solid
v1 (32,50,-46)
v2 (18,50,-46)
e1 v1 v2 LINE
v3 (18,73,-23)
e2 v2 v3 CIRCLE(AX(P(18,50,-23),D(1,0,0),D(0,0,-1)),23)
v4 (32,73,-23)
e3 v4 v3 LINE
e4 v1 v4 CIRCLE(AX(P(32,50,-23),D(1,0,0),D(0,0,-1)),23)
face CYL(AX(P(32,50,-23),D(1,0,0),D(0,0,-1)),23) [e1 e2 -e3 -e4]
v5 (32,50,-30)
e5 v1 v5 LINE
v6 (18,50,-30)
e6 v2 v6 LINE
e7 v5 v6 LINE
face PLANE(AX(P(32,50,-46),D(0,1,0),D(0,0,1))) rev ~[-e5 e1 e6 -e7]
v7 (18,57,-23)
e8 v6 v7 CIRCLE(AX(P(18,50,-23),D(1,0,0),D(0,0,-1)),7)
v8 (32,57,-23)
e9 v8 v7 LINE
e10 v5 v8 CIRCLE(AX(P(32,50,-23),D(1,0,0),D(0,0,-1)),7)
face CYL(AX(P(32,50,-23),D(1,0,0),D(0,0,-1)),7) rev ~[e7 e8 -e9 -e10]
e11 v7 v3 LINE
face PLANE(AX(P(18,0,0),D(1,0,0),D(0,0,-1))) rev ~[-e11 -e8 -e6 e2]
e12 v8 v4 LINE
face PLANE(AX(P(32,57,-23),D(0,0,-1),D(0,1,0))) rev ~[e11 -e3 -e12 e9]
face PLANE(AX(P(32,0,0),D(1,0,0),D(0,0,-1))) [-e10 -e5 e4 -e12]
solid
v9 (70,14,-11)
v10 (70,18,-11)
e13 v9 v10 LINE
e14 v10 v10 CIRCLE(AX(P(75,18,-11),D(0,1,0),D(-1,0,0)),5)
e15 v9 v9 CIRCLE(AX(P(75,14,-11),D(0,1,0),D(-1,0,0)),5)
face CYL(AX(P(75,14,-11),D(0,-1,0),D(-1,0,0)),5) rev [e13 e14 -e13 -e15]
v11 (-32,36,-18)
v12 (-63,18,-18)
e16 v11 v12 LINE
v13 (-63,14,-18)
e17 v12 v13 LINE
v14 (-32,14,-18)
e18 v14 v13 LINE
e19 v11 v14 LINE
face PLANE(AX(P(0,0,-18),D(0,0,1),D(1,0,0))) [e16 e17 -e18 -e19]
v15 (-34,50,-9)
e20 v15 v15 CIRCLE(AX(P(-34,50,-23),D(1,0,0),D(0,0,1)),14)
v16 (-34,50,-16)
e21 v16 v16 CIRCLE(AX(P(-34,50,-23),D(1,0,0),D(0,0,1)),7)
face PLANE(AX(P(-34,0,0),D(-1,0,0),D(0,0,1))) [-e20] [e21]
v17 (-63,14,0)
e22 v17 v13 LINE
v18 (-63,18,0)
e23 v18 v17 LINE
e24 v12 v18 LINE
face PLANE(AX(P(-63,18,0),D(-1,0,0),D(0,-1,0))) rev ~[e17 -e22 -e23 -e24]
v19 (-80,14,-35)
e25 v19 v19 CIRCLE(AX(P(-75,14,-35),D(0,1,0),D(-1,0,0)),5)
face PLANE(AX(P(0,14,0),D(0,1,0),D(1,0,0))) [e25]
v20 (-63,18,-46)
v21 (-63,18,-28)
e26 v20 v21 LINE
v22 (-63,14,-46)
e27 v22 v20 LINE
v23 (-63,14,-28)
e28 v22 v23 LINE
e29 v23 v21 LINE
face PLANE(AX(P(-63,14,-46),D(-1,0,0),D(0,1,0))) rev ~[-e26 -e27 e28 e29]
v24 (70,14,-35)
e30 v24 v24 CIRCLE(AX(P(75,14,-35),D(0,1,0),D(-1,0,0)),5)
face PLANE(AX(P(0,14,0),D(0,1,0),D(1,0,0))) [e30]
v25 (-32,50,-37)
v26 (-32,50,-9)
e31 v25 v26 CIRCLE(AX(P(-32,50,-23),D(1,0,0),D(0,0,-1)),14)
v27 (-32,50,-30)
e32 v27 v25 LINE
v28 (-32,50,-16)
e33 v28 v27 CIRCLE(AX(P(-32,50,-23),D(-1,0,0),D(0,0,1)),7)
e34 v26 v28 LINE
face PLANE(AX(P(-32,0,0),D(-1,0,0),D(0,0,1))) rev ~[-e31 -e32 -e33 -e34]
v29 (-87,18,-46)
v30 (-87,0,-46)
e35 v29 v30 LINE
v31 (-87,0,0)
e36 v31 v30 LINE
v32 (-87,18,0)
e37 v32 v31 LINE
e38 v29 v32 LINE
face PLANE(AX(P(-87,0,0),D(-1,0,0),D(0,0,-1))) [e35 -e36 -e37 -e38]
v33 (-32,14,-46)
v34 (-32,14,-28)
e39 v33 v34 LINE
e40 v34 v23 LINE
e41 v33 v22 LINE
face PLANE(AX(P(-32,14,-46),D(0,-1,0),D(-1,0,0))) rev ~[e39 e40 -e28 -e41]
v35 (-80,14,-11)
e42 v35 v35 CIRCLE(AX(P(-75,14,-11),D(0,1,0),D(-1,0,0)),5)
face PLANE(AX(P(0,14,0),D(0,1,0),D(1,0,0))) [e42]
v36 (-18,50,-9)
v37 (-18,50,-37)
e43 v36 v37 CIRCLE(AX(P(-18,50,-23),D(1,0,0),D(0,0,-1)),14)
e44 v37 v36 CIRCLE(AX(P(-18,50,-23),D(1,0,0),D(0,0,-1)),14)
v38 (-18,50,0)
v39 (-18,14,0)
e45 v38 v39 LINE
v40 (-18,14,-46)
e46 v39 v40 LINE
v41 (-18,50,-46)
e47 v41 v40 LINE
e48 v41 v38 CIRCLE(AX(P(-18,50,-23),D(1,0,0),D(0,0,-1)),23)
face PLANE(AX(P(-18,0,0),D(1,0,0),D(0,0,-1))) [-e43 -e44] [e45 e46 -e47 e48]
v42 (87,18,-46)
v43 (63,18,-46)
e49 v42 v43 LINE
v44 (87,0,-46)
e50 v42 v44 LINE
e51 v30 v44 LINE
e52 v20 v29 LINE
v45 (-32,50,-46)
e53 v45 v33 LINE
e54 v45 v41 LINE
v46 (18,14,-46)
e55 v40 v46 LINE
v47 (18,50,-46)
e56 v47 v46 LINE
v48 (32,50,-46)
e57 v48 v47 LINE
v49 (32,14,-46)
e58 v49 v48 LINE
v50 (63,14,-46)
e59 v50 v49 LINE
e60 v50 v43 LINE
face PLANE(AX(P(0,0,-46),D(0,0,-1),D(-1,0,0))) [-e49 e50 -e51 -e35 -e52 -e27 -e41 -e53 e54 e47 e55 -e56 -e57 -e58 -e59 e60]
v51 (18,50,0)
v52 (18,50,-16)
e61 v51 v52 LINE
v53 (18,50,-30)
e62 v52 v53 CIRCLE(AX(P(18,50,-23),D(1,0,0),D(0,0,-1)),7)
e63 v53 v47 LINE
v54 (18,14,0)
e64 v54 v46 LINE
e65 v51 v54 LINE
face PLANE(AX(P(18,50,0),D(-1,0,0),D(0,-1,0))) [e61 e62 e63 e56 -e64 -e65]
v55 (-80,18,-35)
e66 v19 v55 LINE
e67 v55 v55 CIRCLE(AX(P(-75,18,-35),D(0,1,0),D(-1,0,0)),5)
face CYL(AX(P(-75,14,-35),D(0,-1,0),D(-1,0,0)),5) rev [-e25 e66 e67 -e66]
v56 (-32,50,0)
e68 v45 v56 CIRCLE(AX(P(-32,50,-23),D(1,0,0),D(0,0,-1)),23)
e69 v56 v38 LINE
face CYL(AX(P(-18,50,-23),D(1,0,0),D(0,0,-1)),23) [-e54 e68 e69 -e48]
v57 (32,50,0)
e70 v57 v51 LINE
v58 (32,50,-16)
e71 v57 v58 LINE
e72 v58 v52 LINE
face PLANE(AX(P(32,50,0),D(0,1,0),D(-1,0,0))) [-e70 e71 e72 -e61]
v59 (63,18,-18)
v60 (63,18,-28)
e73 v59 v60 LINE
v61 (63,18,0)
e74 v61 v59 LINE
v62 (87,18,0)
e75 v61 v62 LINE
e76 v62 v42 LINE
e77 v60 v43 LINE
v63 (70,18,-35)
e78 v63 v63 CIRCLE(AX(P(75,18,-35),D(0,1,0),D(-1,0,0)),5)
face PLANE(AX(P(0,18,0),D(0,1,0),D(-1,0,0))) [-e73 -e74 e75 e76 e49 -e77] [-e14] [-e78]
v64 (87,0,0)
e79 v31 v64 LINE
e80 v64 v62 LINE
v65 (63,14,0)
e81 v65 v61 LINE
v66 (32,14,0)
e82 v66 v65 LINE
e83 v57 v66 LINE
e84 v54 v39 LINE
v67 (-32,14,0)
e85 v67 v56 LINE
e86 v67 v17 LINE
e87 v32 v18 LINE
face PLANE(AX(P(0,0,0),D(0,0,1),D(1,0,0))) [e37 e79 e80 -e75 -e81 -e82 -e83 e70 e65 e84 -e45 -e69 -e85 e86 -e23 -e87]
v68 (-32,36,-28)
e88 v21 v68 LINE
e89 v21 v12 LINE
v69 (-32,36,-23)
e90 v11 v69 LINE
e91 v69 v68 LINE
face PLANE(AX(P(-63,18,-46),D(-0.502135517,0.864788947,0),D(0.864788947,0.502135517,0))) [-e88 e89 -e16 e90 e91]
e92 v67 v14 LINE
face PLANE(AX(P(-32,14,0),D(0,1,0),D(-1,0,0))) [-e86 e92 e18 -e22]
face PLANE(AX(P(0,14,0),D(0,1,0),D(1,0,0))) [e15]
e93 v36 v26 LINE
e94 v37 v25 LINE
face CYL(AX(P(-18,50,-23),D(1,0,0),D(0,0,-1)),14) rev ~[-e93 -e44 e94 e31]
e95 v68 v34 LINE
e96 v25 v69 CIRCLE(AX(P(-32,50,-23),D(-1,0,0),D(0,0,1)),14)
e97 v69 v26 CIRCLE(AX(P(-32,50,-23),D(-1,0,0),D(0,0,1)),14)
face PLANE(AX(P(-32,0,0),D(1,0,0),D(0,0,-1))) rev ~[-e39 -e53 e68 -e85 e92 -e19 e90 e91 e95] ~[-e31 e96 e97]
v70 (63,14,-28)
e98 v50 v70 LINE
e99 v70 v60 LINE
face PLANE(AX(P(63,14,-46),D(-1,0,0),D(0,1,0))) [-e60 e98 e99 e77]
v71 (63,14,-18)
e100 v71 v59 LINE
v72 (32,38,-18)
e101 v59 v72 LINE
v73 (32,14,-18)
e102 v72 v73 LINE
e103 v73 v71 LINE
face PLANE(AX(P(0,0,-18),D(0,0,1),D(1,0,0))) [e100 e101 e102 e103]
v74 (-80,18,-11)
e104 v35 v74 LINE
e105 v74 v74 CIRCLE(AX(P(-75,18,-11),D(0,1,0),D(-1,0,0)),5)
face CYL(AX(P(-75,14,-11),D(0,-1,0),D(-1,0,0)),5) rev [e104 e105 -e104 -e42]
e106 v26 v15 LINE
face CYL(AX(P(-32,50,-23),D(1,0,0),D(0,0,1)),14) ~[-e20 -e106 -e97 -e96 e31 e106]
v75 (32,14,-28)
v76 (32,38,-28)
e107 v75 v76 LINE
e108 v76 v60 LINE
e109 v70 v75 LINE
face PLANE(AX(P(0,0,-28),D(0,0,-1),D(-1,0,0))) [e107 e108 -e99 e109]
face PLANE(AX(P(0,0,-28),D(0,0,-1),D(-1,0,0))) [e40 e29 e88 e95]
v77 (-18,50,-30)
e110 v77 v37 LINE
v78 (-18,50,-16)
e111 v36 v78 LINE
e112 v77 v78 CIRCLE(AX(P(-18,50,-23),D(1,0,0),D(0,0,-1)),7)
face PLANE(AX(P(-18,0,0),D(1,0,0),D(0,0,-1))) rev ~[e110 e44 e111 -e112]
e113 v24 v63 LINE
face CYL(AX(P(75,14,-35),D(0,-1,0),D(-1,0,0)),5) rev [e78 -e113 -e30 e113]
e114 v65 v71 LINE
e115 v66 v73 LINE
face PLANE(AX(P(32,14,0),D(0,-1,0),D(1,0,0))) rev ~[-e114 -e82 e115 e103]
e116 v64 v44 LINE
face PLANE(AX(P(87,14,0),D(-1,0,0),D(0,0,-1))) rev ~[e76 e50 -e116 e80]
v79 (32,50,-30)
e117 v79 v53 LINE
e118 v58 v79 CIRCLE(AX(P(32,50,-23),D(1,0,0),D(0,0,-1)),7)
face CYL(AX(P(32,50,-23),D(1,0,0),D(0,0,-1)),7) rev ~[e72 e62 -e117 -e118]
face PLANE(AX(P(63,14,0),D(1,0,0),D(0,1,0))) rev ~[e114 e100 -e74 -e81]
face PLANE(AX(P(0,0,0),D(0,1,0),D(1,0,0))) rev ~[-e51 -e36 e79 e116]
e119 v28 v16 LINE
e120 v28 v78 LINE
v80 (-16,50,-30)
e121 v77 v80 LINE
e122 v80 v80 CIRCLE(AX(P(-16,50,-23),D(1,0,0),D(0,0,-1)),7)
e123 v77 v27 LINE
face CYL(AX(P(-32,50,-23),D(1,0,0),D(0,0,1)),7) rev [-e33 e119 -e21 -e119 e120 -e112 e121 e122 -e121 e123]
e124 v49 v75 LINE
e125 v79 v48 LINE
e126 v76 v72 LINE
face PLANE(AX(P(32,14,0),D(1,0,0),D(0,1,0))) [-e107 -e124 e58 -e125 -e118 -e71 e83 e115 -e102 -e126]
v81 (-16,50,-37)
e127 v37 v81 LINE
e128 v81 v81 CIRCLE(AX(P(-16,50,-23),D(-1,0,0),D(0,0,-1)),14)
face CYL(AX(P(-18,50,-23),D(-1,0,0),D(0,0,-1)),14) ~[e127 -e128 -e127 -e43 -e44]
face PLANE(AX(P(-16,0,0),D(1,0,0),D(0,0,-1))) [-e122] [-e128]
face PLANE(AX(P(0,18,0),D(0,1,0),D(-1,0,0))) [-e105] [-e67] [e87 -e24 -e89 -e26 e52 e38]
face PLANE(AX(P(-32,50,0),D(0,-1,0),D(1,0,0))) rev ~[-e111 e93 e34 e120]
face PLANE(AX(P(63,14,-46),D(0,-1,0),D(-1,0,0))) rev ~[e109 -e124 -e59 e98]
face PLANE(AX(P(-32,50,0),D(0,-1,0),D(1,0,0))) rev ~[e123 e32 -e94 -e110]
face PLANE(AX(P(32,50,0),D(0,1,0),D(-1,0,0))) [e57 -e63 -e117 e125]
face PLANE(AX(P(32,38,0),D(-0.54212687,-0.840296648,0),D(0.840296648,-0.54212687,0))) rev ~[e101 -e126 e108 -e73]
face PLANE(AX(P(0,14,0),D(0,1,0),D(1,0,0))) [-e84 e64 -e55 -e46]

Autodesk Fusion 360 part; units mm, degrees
sketch "Sketch1" plane through (0, 0, 0) normal (0, 1, 0) x (1, 0, 0)
  line L0 (0, 0) -> (87, 0)
  line L1 (0, 0) -> (-87, 0)
  line L2 (-87, 0) -> (-87, 46)
  line L3 (87, 0) -> (87, 46)
  line L4 (-87, 46) -> (87, 46)
  dimension "d1" = 87
  dimension "d2" = 87
  dimension "d3" = 46
  dimension "d4" = 46
extrude "Extrude1" add sketch "Sketch1" along normal blind 14 makes body 1
sketch "Sketch2" plane through (0, 14, 0) normal (0, 1, 0) x (-1, 0, 0)
  line L0 (87, 0) -> (-87, 0)
  line L1 (-87, 0) -> (-87, -46)
  line L2 (-87, -46) -> (87, -46)
  line L3 (87, -46) -> (87, 0)
  line L4 (87, -46) -> (-87, -46)
  line L5 (-87, -46) -> (-87, 0)
  line L6 (-87, 0) -> (87, 0)
  line L7 (87, 0) -> (87, -46)
  line L8 (-87, -46) -> (-63, -46)
  line L9 (-63, -46) -> (-63, 0)
  line L10 (-63, 0) -> (-87, 0)
  line L11 (-87, 0) -> (-87, -46)
  line L12 (87, -46) -> (63, -46)
  line L13 (63, -46) -> (63, 0)
  line L14 (63, 0) -> (87, 0)
  line L15 (87, 0) -> (87, -46)
  line L16 (87, -46) -> (87, -23) construction
  line L17 (87, -23) -> (-87, -23) construction
  line L18 (87, -23) -> (87, -11) construction
  line L19 (87, -23) -> (87, -35) construction
  line L20 (87, -35) -> (-87, -35) construction
  line L21 (87, -11) -> (-87, -11) construction
  line L22 (87, -46) -> (75, -46) construction
  line L23 (75, -46) -> (75, 0) construction
  line L24 (-63, -46) -> (-75, -46) construction
  line L25 (-75, -46) -> (-75, 0) construction
  circle A0 centre (75, -35) radius 5
  circle A1 centre (75, -11) radius 5
  circle A2 centre (-75, -35) radius 5
  circle A3 centre (-75, -11) radius 5
  dimension "d7" = 24
  dimension "d8" = 24
  dimension "d9" = 46
  dimension "d10" = 12
  dimension "d11" = 12
  dimension "d12" = 10
  dimension "d13" = 10
  dimension "d14" = 10
  dimension "d15" = 10
extrude "Extrude2" add sketch "Sketch2" along normal blind 4 contours L0 L2 L3 L4 L6 L7 L12 L13 L14 L15 bodies 1
extrude "Extrude3" add sketch "Sketch2" along normal blind 4 contours L0 L1 L2 L4 L5 L6 L8 L9 L10 L11 bodies 1
sketch "Sketch3" plane through (0, 0, 0) normal (0, 0, 1) x (1, 0, 0)
  line L0 (-87, 0) -> (87, 0)
  line L1 (87, 0) -> (87, 18)
  line L2 (87, 18) -> (63, 18)
  line L3 (63, 18) -> (63, 14)
  line L4 (63, 14) -> (-63, 14)
  line L5 (-63, 14) -> (-63, 18)
  line L6 (-63, 18) -> (-87, 18)
  line L7 (-87, 18) -> (-87, 0)
  line L8 (0, 0) -> (-75, 0) construction
  line L9 (-75, 0) -> (-75, 18) construction
  line L10 (75, 18) -> (75, 0) construction
  line L11 (75, 0) -> (-75, 0) construction
  line L12 (87, 0) -> (32, 0) construction
  line L13 (0, 0) -> (75, 0) construction
  line L14 (32, 0) -> (32, 50) construction
  line L15 (32, 14) -> (32, 50)
  line L16 (32, 50) -> (18, 50)
  line L17 (18, 50) -> (18, 14)
  line L18 (32, 14) -> (-32, 14) construction
  line L19 (-32, 14) -> (-32, 50)
  line L20 (-32, 50) -> (-18, 50)
  line L21 (-18, 50) -> (-18, 14)
  dimension "d20" = 75
  dimension "d21" = 55
  dimension "d22" = 50
  dimension "d23" = 14
  dimension "d24" = 64
  dimension "d25" = 14
extrude "Extrude4" add sketch "Sketch3" against normal blind 46 contours L4 L15 L16 L17 bodies 1
extrude "Extrude5" add sketch "Sketch3" against normal blind 46 contours L4 L19 L20 L21 bodies 1
sketch "Sketch4" plane through (-18, 0, 0) normal (1, 0, 0) x (0, 0, -1)
  line L0 (0, 50) -> (0, 14)
  line L1 (0, 14) -> (46, 14)
  line L2 (46, 14) -> (46, 50)
  line L3 (46, 50) -> (0, 50)
  line L4 (0, 50) -> (0, 18)
  line L5 (0, 18) -> (46, 18)
  line L6 (46, 18) -> (46, 50)
  line L7 (46, 50) -> (0, 50)
  circle A0 centre (23, 50) radius 14
  circle A1 centre (23, 50) radius 7
  arc A2 (46, 50) -> (0, 50) centre (23, 50) ccw
  line L8 (0, 50) -> (0, 18)
  line L9 (0, 18) -> (46, 18)
  line L10 (46, 18) -> (46, 50)
  dimension "d30" = 28
  dimension "d31" = 14
extrude "Extrude6" add sketch "Sketch4" against normal blind 14 contours L3 L7 A0 A2 bodies 1
extrude "Extrude7" add sketch "Sketch4" along normal blind 2 separate body contours L3 L7 A0 A1 picked at (29.4096, 59.7107) makes body 2
extrude "Extrude8" add sketch "Sketch4" along normal blind 2 contours L3 L7 A0 A1 picked at (11.4115, 48.9567) bodies 1 2
sketch "Sketch5" plane through (-32, 0, 0) normal (-1, 0, 0) x (0, 0, 1)
  line L0 (-9, 50) -> (-37, 50)
  arc A0 (-9, 50) -> (-37, 50) centre (-23, 50) ccw
  arc A1 (0, 50) -> (-46, 50) centre (-23, 50) ccw
  line L1 (-46, 50) -> (-46, 14)
  line L2 (-46, 14) -> (0, 14)
  line L3 (0, 14) -> (0, 50)
  circle A2 centre (-23, 50) radius 14
  circle A3 centre (-23, 50) radius 7
  arc A4 (0, 50) -> (-46, 50) centre (-23, 50) ccw
  dimension "d38" = 46
  dimension "d39" = 28
  dimension "d40" = 14
extrude "Extrude9" add sketch "Sketch5" along normal blind 2 separate body contours L0 A2 A3 | L0 A0 A2 A3 makes body 3
sketch "Sketch6" plane through (32, 0, 0) normal (1, 0, 0) x (0, 0, -1)
  line L0 (0, 50) -> (0, 14)
  line L1 (0, 14) -> (46, 14)
  line L2 (46, 14) -> (46, 50)
  line L3 (46, 50) -> (0, 50)
  circle A0 centre (23, 50) radius 7
  line L4 (23, 57) -> (23, 73)
  line L5 (9, 50) -> (0, 50)
  line L6 (9, 50) -> (0, 50)
  arc A1 (46, 50) -> (0, 50) centre (23, 50) ccw
  dimension "d43" = 14
  dimension "d45" = 46
extrude "Extrude10" add sketch "Sketch6" against normal blind 14 separate body contours L3 A0 L4 A1 makes body 4
extrude "Extrude11" cut sketch "Sketch6" against normal blind 14 contours L3 A0 picked at (23.8525, 47.828) bodies 1
sketch "Sketch7" plane through (0, 0, 0) normal (0, 0, 1) x (1, 0, 0)
  line L0 (-87, 0) -> (87, 0)
  line L1 (87, 0) -> (87, 18)
  line L2 (87, 18) -> (63, 18)
  line L3 (63, 18) -> (63, 14)
  line L4 (63, 14) -> (32, 14)
  line L5 (32, 14) -> (32, 50)
  line L6 (32, 50) -> (18, 50)
  line L7 (18, 50) -> (18, 14)
  line L8 (18, 14) -> (-18, 14)
  line L9 (-18, 14) -> (-18, 50)
  line L10 (-18, 50) -> (-32, 50)
  line L11 (-32, 50) -> (-32, 14)
  line L12 (-32, 14) -> (-63, 14)
  line L13 (-63, 14) -> (-63, 18)
  line L14 (-63, 18) -> (-87, 18)
  line L15 (-87, 18) -> (-87, 0)
  line L16 (32, 50) -> (32, 38)
  line L17 (32, 38) -> (63, 18)
  line L18 (32, 38) -> (32, 14)
  line L19 (32, 14) -> (63, 14)
  line L20 (63, 14) -> (63, 10)
  line L21 (-32, 36) -> (-63, 18)
  line L22 (-63, 18) -> (-63, 14)
  line L23 (-63, 14) -> (-32, 14)
  line L24 (-32, 14) -> (-32, 36)
  dimension "d50" = 12
sketch "Sketch8" plane through (0, 0, -46) normal (0, 0, -1) x (-1, 0, 0)
  line L0 (-87, 0) -> (87, 0)
  line L1 (87, 0) -> (87, 18)
  line L2 (87, 18) -> (63, 18)
  line L3 (63, 18) -> (63, 14)
  line L4 (63, 14) -> (32, 14)
  line L5 (32, 14) -> (32, 50)
  line L6 (32, 50) -> (18, 50)
  line L7 (18, 50) -> (18, 14)
  line L8 (18, 14) -> (-18, 14)
  line L9 (-18, 14) -> (-18, 50)
  line L10 (-18, 50) -> (-32, 50)
  line L11 (-32, 50) -> (-32, 14)
  line L12 (-32, 14) -> (-63, 14)
  line L13 (-63, 14) -> (-63, 18)
  line L14 (-63, 18) -> (-87, 18)
  line L15 (-87, 18) -> (-87, 0)
  line L16 (-63, 18) -> (-32, 38)
  line L17 (-32, 38) -> (-32, 14)
  line L18 (-32, 14) -> (-63, 14)
  line L19 (63, 18) -> (32, 36)
  line L20 (32, 36) -> (32, 14)
  line L21 (32, 14) -> (63, 14)
  line L22 (63, 14) -> (63, 18)
extrude "Extrude12" add sketch "Sketch7" against normal blind 18 separate body contours L3 L4 L5 L17 L18 L19 makes body 5
extrude "Extrude13" add sketch "Sketch8" against normal blind 18 separate body contours L11 L12 L13 L16 L17 L18 makes body 6
extrude "Extrude14" add 1 faces at (42.3333, 23.3333, -18) along direction (0, 0, -1) blind 10 on bodies 5 bodies 1 3 4 5 6
sketch "Sketch9" plane through (0, 0, 0) normal (0, 0, 1) x (1, 0, 0)
  line L0 (-87, 0) -> (87, 0)
  line L1 (87, 0) -> (87, 18)
  line L2 (87, 18) -> (63, 18)
  line L3 (63, 18) -> (32, 38)
  line L4 (32, 38) -> (32, 50)
  line L5 (32, 50) -> (18, 50)
  line L6 (18, 50) -> (18, 14)
  line L7 (18, 14) -> (-18, 14)
  line L8 (-18, 14) -> (-18, 50)
  line L9 (-18, 50) -> (-32, 50)
  line L10 (-32, 50) -> (-32, 14)
  line L11 (-32, 14) -> (-63, 14)
  line L12 (-63, 14) -> (-63, 18)
  line L13 (-63, 18) -> (-87, 18)
  line L14 (-87, 18) -> (-87, 0)
  line L15 (32, 38) -> (32, 14)
  line L16 (32, 14) -> (63, 14)
  line L17 (63, 14) -> (63, 18)
extrude "Extrude15" cut sketch "Sketch9" against normal blind 18 contours L3 L15 L16 L17 bodies 1
sketch "Sketch10" plane through (0, 0, -46) normal (0, 0, -1) x (-1, 0, 0)
  line L0 (-87, 0) -> (87, 0)
  line L1 (87, 0) -> (87, 18)
  line L2 (87, 18) -> (63, 18)
  line L3 (63, 18) -> (63, 14)
  line L4 (63, 14) -> (32, 14)
  line L5 (32, 14) -> (32, 50)
  line L6 (32, 50) -> (18, 50)
  line L7 (18, 50) -> (18, 14)
  line L8 (18, 14) -> (-18, 14)
  line L9 (-18, 14) -> (-18, 50)
  line L10 (-18, 50) -> (-32, 50)
  line L11 (-32, 50) -> (-32, 38)
  line L12 (-32, 38) -> (-63, 18)
  line L13 (-63, 18) -> (-87, 18)
  line L14 (-87, 18) -> (-87, 0)
  line L15 (-63, 14) -> (-63, 18)
  line L16 (-63, 14) -> (-32, 14)
  line L17 (-32, 14) -> (-32, 39)
  line L18 (-63, 18) -> (-32, 38)
extrude "Extrude16" cut sketch "Sketch10" against normal blind 18 contours L12 L15 L16 L17 L18 bodies 1
sketch "Sketch11" plane through (0, 0, 0) normal (0, 0, 1) x (1, 0, 0)
  line L0 (32, 14) -> (32, 50)
  line L1 (32, 50) -> (18, 50)
  line L2 (18, 50) -> (18, 14)
  line L3 (18, 14) -> (-18, 14)
  line L4 (-18, 14) -> (-18, 50)
  line L5 (-18, 50) -> (-32, 50)
  line L6 (-32, 50) -> (-32, 14)
  line L7 (-32, 14) -> (-63, 14)
  line L8 (-63, 14) -> (-63, 18)
  line L9 (-63, 18) -> (-87, 18)
  line L10 (-87, 18) -> (-87, 0)
  line L11 (-87, 0) -> (87, 0)
  line L12 (87, 0) -> (87, 18)
  line L13 (87, 18) -> (63, 18)
  line L14 (63, 18) -> (63, 14)
  line L15 (63, 14) -> (32, 14)
  line L16 (-63, 18) -> (-32, 36)
  line L17 (-32, 36) -> (-32, 14)
  line L18 (-32, 14) -> (-63, 14)
  line L19 (-63, 14) -> (-63, 18)
sketch "Sketch12" plane through (0, 0, -46) normal (0, 0, -1) x (-1, 0, 0)
  line L0 (-63, 14) -> (-63, 18)
  line L1 (-63, 18) -> (-87, 18)
  line L2 (-87, 18) -> (-87, 0)
  line L3 (-87, 0) -> (87, 0)
  line L4 (87, 0) -> (87, 18)
  line L5 (87, 18) -> (63, 18)
  line L6 (63, 18) -> (63, 14)
  line L7 (63, 14) -> (32, 14)
  line L8 (32, 14) -> (32, 50)
  line L9 (32, 50) -> (18, 50)
  line L10 (18, 50) -> (18, 14)
  line L11 (18, 14) -> (-18, 14)
  line L12 (-18, 14) -> (-18, 50)
  line L13 (-18, 50) -> (-32, 50)
  line L14 (-32, 50) -> (-32, 14)
  line L15 (-32, 14) -> (-63, 14)
  line L16 (32, 36) -> (32, 14)
  line L17 (32, 14) -> (63, 14)
  line L18 (63, 18) -> (32, 36)
extrude "Extrude17" add sketch "Sketch12" against normal blind 18 separate body contours L6 L7 L8 L16 L17 L18 makes body 7
extrude "Extrude18" add sketch "Sketch11" against normal blind 18 separate body contours L6 L7 L8 L16 L17 L18 L19 makes body 8
extrude "Extrude19" add 1 faces at (-42.3333, 22.6667, -28) along direction (0, 0, 1) blind 10 on bodies 7 bodies 1 4 7 3 8
sketch "Sketch13" plane through (0, 0, 0) normal (0, 0, 1) x (1, 0, 0)
  line L0 (32, 14) -> (32, 50)
  line L1 (32, 50) -> (18, 50)
  line L2 (18, 50) -> (18, 14)
  line L3 (18, 14) -> (-18, 14)
  line L4 (-18, 14) -> (-18, 50)
  line L5 (-18, 50) -> (-32, 50)
  line L6 (-32, 50) -> (-32, 36)
  line L7 (-32, 36) -> (-63, 18)
  line L8 (-63, 18) -> (-87, 18)
  line L9 (-87, 18) -> (-87, 0)
  line L10 (-87, 0) -> (87, 0)
  line L11 (87, 0) -> (87, 18)
  line L12 (87, 18) -> (63, 18)
  line L13 (63, 18) -> (63, 14)
  line L14 (63, 14) -> (32, 14)
  line L15 (-63, 18) -> (-63, 14)
  line L16 (-32, 36) -> (-32, 14)
  line L17 (-32, 14) -> (-63, 14)
  line L18 (-63, 18) -> (-32, 36)
  dimension "d67" = 4
sketch "Sketch14" plane through (0, 0, -46) normal (0, 0, -1) x (-1, 0, 0)
  line L0 (-63, 14) -> (-63, 18)
  line L1 (-63, 18) -> (-87, 18)
  line L2 (-87, 18) -> (-87, 0)
  line L3 (-87, 0) -> (87, 0)
  line L4 (87, 0) -> (87, 18)
  line L5 (87, 18) -> (63, 18)
  line L6 (63, 18) -> (32, 36)
  line L7 (32, 36) -> (32, 50)
  line L8 (32, 50) -> (18, 50)
  line L9 (18, 50) -> (18, 14)
  line L10 (18, 14) -> (-18, 14)
  line L11 (-18, 14) -> (-18, 50)
  line L12 (-18, 50) -> (-32, 50)
  line L13 (-32, 50) -> (-32, 14)
  line L14 (-32, 14) -> (-63, 14)
  line L15 (32, 36) -> (32, 14)
  line L16 (32, 14) -> (63, 14)
  line L17 (63, 14) -> (63, 18)
extrude "Extrude20" cut sketch "Sketch13" against normal blind 18 contours L7 L15 L16 L17 L18 bodies 1
extrude "Extrude21" cut sketch "Sketch14" against normal blind 18 contours L6 L15 L16 L17 bodies 1
extrude "Extrude22" cut 1 faces at (-18, 48.6398, -20.8717) along direction (-1, 0, 0) blind 12 on bodies 1 bodies 1
extrude "Extrude23" cut 1 faces at (-32, 45.8931, -21.5507) along direction (1, 0, 0) blind 435 on bodies 1 bodies 1
